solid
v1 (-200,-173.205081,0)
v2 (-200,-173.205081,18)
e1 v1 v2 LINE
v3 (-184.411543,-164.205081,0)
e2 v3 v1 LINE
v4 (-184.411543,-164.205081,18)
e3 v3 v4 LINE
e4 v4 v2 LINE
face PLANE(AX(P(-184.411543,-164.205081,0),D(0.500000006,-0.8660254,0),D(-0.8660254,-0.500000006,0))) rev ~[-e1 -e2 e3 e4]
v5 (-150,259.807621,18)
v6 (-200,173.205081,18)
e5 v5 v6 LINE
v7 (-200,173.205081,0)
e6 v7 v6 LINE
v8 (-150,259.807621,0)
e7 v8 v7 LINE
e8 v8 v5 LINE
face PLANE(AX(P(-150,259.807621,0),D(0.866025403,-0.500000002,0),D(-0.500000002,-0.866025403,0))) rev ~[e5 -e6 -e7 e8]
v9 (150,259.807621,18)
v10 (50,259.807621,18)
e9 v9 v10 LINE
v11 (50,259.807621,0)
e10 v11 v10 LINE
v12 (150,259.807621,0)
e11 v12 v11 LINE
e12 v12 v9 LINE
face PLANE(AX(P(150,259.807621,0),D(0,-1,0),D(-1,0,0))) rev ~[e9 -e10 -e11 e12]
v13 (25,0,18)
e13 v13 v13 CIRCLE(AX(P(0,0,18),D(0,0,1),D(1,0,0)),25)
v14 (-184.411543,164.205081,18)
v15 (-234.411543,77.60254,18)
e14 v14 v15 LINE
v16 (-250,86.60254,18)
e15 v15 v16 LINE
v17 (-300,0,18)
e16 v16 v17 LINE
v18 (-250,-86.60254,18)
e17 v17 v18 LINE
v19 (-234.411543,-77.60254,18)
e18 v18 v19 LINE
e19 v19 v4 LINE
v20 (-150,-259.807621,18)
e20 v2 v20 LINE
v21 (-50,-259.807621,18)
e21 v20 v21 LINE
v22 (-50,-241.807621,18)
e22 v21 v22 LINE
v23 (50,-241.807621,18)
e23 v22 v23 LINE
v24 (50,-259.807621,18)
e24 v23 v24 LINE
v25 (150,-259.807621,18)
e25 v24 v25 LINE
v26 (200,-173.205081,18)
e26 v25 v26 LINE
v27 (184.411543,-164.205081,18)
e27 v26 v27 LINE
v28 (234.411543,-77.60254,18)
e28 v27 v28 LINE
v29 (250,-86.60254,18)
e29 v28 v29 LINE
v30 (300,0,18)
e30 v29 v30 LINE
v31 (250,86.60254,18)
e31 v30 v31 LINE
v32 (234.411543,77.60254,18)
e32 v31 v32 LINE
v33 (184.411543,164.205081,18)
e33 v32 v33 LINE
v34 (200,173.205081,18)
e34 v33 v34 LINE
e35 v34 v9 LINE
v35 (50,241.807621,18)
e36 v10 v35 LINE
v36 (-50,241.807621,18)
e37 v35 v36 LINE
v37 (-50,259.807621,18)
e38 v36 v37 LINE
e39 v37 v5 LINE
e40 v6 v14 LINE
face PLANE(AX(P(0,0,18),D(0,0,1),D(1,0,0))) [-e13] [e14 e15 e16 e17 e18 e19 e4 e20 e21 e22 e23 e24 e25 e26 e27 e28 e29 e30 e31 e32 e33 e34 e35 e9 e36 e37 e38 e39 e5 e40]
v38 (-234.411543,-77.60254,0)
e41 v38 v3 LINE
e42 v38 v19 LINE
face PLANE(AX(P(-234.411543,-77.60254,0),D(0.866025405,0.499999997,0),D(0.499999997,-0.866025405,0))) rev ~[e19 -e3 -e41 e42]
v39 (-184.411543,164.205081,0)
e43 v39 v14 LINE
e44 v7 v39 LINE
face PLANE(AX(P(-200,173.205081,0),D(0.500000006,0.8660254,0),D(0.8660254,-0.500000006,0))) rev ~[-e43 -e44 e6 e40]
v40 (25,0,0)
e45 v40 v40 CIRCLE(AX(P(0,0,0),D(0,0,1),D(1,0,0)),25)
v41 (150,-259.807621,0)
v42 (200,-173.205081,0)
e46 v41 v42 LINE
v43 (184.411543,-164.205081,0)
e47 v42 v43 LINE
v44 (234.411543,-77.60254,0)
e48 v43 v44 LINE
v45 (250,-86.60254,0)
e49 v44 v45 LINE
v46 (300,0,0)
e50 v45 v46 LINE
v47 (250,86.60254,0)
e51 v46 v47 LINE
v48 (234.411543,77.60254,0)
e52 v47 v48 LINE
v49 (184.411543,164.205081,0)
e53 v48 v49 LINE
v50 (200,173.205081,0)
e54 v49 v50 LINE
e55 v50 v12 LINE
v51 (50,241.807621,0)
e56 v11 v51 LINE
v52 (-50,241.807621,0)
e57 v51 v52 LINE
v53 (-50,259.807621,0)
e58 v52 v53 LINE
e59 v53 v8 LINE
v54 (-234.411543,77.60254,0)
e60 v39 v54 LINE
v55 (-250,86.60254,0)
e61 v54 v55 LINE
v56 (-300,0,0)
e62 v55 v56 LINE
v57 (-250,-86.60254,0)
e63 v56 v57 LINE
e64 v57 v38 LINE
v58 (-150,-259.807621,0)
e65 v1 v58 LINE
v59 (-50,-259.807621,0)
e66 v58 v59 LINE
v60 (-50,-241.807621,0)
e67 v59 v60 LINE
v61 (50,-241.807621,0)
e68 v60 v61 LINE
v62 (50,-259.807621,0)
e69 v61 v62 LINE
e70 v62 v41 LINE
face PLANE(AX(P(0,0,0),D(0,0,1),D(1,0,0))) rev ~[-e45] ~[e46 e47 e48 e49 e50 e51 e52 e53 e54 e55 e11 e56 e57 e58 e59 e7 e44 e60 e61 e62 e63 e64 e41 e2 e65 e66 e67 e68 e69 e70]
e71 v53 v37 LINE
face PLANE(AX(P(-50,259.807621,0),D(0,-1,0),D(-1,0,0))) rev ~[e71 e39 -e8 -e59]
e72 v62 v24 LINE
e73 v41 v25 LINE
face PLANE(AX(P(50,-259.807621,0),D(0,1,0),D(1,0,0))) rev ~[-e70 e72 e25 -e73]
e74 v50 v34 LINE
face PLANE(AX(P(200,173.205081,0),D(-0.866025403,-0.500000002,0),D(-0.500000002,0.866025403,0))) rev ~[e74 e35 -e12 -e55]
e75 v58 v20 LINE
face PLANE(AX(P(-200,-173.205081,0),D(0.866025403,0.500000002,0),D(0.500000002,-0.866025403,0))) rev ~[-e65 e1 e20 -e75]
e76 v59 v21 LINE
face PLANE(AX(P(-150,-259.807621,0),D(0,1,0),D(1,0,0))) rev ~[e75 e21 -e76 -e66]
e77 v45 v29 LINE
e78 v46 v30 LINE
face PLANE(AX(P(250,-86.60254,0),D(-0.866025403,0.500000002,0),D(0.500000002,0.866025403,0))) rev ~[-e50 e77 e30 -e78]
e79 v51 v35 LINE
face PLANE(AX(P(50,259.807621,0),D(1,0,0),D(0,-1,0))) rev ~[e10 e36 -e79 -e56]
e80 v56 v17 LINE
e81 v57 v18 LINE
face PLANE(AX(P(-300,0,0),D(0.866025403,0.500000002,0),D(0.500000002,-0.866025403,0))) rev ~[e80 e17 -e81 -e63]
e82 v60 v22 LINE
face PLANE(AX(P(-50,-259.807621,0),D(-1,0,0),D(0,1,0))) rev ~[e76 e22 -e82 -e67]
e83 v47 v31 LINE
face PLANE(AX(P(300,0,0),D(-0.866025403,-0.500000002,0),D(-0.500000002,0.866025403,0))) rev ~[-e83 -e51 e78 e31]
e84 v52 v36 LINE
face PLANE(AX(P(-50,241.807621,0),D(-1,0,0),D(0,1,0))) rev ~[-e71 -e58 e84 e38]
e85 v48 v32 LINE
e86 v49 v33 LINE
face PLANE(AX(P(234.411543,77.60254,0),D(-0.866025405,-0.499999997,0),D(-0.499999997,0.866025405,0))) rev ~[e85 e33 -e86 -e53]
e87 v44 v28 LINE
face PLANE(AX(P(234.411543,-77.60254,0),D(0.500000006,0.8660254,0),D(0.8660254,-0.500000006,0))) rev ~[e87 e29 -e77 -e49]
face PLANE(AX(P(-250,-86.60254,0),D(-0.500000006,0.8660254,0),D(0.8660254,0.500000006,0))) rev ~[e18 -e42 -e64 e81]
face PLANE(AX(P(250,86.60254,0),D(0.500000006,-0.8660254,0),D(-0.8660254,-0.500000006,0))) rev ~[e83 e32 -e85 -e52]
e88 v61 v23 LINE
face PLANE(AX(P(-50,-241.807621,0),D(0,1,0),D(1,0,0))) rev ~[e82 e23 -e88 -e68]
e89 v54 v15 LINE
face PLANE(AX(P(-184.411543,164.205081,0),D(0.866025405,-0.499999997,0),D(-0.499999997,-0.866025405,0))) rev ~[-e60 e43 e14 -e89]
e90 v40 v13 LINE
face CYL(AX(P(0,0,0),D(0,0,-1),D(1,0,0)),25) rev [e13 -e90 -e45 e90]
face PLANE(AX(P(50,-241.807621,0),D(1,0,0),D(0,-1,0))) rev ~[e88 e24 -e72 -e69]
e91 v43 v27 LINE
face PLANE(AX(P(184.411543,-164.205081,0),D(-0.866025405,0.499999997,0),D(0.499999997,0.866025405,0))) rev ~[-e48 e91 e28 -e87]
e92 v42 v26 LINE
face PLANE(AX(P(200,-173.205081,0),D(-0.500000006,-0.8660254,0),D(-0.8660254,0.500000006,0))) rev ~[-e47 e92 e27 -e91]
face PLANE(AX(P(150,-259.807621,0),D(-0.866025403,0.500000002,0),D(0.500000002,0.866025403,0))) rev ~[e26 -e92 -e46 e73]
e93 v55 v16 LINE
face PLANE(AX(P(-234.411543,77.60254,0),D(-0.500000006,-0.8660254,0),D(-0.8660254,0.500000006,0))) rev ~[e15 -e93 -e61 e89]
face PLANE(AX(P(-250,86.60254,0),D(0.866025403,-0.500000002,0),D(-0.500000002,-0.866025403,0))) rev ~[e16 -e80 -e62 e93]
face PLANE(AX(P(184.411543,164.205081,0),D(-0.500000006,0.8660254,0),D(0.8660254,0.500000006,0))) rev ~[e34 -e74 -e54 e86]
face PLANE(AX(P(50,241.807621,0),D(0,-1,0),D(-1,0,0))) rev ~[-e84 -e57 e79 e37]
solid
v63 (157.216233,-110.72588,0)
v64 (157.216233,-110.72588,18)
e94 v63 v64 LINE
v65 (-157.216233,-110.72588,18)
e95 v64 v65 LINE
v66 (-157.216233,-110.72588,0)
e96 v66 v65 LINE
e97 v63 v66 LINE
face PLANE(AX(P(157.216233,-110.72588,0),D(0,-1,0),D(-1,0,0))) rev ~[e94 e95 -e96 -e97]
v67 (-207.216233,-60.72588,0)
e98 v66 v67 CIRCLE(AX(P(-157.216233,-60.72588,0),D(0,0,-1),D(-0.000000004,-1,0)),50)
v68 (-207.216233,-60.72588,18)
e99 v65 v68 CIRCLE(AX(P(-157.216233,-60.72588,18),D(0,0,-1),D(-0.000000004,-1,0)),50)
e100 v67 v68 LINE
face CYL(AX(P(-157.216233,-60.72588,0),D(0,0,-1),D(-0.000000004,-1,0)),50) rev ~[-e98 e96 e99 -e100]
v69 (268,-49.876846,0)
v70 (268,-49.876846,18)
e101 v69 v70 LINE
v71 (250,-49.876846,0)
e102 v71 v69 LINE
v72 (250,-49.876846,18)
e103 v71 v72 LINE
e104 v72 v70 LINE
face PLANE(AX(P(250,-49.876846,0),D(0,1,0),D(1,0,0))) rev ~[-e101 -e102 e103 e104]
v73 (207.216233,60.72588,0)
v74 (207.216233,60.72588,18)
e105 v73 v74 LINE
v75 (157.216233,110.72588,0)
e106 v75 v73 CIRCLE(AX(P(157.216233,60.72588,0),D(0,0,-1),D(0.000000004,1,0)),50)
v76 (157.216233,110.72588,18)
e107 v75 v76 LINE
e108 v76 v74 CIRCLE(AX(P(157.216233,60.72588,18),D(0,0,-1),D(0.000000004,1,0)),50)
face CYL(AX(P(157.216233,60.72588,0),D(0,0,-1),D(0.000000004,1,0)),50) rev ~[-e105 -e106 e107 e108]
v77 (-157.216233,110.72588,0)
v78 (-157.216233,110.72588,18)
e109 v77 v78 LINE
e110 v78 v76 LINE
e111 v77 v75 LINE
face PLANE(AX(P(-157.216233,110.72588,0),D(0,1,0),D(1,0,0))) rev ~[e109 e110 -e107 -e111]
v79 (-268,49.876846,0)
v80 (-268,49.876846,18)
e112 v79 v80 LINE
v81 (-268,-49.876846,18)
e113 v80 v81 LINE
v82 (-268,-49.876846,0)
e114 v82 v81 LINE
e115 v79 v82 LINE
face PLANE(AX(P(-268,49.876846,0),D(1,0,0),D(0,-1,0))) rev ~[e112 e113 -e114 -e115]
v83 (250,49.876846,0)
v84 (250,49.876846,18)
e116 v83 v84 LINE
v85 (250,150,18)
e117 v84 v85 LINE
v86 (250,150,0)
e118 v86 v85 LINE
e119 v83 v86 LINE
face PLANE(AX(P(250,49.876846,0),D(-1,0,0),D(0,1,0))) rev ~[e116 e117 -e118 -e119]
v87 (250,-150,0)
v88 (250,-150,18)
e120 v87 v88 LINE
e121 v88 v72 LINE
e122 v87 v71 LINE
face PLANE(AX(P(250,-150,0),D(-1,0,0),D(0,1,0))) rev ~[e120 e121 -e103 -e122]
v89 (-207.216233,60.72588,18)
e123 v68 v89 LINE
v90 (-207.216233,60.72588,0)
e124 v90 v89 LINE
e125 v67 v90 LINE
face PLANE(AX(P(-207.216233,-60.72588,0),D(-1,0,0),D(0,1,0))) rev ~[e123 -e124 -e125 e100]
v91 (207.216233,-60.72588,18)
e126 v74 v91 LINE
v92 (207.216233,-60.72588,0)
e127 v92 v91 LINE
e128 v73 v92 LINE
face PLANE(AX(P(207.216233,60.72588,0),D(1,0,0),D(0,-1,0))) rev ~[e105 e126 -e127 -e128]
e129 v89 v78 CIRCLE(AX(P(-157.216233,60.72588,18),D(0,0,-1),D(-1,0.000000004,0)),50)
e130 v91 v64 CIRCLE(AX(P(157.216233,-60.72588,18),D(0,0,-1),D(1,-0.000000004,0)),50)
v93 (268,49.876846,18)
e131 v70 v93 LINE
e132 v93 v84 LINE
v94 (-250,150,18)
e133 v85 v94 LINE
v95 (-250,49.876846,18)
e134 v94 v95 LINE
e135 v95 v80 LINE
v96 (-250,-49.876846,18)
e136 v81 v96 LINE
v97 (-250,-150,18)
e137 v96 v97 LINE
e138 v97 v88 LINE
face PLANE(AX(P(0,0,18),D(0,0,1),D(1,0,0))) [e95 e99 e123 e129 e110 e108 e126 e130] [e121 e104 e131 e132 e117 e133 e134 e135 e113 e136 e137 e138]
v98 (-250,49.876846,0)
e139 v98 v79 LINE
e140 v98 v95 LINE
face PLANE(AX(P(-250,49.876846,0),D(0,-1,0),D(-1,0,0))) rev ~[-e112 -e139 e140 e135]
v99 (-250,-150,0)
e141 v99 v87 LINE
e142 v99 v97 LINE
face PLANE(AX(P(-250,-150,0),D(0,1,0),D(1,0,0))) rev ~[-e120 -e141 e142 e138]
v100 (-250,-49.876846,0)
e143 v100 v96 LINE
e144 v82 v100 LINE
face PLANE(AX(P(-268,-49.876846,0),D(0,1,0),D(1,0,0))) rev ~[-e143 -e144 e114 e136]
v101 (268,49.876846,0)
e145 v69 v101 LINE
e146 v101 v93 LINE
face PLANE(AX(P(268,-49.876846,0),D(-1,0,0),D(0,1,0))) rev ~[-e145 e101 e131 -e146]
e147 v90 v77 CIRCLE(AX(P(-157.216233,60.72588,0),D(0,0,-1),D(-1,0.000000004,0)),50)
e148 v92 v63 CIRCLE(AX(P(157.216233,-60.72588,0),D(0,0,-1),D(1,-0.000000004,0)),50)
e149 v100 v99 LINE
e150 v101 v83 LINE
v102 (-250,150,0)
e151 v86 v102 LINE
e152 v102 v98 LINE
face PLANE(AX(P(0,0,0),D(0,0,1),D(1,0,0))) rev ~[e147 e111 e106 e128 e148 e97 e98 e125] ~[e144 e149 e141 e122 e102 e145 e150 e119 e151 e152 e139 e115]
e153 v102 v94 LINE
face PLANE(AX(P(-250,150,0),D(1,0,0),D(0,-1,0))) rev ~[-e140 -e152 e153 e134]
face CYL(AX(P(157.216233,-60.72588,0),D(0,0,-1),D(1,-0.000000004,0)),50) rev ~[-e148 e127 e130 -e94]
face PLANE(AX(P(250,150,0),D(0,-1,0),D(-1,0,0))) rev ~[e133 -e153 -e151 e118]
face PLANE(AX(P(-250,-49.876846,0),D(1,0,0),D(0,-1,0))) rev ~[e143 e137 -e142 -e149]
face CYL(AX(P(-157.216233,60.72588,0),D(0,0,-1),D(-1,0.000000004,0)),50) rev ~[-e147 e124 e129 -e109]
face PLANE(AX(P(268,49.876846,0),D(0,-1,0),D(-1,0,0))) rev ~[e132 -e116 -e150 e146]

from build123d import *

# Parameters (mm, degrees)
F2_DEPTH = 18
F0_R     = 25
F3_DEPTH = 18


with BuildPart() as f2:
    # F1 (on Top) → F2 (new body)
    with BuildSketch(Plane.XY):
        Polygon((-250, -150), (250, -150), (250, -49.876846), (268, -49.876846), (268, 49.876846), (250, 49.876846), (250, 150), (-250, 150), (-250, 49.876846), (-268, 49.876846), (-268, -49.876846), (-250, -49.876846), align=None)
        with BuildLine():
            ThreePointArc((207.216233, -60.72588), (192.571572, -96.081219), (157.216233, -110.72588))
            Line((157.216233, -110.72588), (-157.216233, -110.72588))
            ThreePointArc((-157.216233, -110.72588), (-192.571572, -96.081219), (-207.216233, -60.72588))
            Line((-207.216233, -60.72588), (-207.216233, 60.72588))
            ThreePointArc((-207.216233, 60.72588), (-192.571572, 96.081219), (-157.216233, 110.72588))
            Line((-157.216233, 110.72588), (157.216233, 110.72588))
            ThreePointArc((157.216233, 110.72588), (192.571572, 96.081219), (207.216233, 60.72588))
            Line((207.216233, 60.72588), (207.216233, -60.72588))
        make_face(mode=Mode.SUBTRACT)
    extrude(amount=F2_DEPTH)


with BuildPart() as f3:
    # F0 (on Top) → F3 (new body)
    with BuildSketch(Plane.XY):
        Polygon((50, -259.807621), (150, -259.807621), (200, -173.205081), (184.411543, -164.205081), (234.411543, -77.60254), (250, -86.60254), (300, 0), (250, 86.60254), (234.411543, 77.60254), (184.411543, 164.205081), (200, 173.205081), (150, 259.807621), (50, 259.807621), (50, 241.807621), (-50, 241.807621), (-50, 259.807621), (-150, 259.807621), (-200, 173.205081), (-184.411543, 164.205081), (-234.411543, 77.60254), (-250, 86.60254), (-300, 0), (-250, -86.60254), (-234.411543, -77.60254), (-184.411543, -164.205081), (-200, -173.205081), (-150, -259.807621), (-50, -259.807621), (-50, -241.807621), (50, -241.807621), align=None)
        Circle(F0_R, mode=Mode.SUBTRACT)
    extrude(amount=F3_DEPTH)


solid = Compound([f2.part, f3.part])
